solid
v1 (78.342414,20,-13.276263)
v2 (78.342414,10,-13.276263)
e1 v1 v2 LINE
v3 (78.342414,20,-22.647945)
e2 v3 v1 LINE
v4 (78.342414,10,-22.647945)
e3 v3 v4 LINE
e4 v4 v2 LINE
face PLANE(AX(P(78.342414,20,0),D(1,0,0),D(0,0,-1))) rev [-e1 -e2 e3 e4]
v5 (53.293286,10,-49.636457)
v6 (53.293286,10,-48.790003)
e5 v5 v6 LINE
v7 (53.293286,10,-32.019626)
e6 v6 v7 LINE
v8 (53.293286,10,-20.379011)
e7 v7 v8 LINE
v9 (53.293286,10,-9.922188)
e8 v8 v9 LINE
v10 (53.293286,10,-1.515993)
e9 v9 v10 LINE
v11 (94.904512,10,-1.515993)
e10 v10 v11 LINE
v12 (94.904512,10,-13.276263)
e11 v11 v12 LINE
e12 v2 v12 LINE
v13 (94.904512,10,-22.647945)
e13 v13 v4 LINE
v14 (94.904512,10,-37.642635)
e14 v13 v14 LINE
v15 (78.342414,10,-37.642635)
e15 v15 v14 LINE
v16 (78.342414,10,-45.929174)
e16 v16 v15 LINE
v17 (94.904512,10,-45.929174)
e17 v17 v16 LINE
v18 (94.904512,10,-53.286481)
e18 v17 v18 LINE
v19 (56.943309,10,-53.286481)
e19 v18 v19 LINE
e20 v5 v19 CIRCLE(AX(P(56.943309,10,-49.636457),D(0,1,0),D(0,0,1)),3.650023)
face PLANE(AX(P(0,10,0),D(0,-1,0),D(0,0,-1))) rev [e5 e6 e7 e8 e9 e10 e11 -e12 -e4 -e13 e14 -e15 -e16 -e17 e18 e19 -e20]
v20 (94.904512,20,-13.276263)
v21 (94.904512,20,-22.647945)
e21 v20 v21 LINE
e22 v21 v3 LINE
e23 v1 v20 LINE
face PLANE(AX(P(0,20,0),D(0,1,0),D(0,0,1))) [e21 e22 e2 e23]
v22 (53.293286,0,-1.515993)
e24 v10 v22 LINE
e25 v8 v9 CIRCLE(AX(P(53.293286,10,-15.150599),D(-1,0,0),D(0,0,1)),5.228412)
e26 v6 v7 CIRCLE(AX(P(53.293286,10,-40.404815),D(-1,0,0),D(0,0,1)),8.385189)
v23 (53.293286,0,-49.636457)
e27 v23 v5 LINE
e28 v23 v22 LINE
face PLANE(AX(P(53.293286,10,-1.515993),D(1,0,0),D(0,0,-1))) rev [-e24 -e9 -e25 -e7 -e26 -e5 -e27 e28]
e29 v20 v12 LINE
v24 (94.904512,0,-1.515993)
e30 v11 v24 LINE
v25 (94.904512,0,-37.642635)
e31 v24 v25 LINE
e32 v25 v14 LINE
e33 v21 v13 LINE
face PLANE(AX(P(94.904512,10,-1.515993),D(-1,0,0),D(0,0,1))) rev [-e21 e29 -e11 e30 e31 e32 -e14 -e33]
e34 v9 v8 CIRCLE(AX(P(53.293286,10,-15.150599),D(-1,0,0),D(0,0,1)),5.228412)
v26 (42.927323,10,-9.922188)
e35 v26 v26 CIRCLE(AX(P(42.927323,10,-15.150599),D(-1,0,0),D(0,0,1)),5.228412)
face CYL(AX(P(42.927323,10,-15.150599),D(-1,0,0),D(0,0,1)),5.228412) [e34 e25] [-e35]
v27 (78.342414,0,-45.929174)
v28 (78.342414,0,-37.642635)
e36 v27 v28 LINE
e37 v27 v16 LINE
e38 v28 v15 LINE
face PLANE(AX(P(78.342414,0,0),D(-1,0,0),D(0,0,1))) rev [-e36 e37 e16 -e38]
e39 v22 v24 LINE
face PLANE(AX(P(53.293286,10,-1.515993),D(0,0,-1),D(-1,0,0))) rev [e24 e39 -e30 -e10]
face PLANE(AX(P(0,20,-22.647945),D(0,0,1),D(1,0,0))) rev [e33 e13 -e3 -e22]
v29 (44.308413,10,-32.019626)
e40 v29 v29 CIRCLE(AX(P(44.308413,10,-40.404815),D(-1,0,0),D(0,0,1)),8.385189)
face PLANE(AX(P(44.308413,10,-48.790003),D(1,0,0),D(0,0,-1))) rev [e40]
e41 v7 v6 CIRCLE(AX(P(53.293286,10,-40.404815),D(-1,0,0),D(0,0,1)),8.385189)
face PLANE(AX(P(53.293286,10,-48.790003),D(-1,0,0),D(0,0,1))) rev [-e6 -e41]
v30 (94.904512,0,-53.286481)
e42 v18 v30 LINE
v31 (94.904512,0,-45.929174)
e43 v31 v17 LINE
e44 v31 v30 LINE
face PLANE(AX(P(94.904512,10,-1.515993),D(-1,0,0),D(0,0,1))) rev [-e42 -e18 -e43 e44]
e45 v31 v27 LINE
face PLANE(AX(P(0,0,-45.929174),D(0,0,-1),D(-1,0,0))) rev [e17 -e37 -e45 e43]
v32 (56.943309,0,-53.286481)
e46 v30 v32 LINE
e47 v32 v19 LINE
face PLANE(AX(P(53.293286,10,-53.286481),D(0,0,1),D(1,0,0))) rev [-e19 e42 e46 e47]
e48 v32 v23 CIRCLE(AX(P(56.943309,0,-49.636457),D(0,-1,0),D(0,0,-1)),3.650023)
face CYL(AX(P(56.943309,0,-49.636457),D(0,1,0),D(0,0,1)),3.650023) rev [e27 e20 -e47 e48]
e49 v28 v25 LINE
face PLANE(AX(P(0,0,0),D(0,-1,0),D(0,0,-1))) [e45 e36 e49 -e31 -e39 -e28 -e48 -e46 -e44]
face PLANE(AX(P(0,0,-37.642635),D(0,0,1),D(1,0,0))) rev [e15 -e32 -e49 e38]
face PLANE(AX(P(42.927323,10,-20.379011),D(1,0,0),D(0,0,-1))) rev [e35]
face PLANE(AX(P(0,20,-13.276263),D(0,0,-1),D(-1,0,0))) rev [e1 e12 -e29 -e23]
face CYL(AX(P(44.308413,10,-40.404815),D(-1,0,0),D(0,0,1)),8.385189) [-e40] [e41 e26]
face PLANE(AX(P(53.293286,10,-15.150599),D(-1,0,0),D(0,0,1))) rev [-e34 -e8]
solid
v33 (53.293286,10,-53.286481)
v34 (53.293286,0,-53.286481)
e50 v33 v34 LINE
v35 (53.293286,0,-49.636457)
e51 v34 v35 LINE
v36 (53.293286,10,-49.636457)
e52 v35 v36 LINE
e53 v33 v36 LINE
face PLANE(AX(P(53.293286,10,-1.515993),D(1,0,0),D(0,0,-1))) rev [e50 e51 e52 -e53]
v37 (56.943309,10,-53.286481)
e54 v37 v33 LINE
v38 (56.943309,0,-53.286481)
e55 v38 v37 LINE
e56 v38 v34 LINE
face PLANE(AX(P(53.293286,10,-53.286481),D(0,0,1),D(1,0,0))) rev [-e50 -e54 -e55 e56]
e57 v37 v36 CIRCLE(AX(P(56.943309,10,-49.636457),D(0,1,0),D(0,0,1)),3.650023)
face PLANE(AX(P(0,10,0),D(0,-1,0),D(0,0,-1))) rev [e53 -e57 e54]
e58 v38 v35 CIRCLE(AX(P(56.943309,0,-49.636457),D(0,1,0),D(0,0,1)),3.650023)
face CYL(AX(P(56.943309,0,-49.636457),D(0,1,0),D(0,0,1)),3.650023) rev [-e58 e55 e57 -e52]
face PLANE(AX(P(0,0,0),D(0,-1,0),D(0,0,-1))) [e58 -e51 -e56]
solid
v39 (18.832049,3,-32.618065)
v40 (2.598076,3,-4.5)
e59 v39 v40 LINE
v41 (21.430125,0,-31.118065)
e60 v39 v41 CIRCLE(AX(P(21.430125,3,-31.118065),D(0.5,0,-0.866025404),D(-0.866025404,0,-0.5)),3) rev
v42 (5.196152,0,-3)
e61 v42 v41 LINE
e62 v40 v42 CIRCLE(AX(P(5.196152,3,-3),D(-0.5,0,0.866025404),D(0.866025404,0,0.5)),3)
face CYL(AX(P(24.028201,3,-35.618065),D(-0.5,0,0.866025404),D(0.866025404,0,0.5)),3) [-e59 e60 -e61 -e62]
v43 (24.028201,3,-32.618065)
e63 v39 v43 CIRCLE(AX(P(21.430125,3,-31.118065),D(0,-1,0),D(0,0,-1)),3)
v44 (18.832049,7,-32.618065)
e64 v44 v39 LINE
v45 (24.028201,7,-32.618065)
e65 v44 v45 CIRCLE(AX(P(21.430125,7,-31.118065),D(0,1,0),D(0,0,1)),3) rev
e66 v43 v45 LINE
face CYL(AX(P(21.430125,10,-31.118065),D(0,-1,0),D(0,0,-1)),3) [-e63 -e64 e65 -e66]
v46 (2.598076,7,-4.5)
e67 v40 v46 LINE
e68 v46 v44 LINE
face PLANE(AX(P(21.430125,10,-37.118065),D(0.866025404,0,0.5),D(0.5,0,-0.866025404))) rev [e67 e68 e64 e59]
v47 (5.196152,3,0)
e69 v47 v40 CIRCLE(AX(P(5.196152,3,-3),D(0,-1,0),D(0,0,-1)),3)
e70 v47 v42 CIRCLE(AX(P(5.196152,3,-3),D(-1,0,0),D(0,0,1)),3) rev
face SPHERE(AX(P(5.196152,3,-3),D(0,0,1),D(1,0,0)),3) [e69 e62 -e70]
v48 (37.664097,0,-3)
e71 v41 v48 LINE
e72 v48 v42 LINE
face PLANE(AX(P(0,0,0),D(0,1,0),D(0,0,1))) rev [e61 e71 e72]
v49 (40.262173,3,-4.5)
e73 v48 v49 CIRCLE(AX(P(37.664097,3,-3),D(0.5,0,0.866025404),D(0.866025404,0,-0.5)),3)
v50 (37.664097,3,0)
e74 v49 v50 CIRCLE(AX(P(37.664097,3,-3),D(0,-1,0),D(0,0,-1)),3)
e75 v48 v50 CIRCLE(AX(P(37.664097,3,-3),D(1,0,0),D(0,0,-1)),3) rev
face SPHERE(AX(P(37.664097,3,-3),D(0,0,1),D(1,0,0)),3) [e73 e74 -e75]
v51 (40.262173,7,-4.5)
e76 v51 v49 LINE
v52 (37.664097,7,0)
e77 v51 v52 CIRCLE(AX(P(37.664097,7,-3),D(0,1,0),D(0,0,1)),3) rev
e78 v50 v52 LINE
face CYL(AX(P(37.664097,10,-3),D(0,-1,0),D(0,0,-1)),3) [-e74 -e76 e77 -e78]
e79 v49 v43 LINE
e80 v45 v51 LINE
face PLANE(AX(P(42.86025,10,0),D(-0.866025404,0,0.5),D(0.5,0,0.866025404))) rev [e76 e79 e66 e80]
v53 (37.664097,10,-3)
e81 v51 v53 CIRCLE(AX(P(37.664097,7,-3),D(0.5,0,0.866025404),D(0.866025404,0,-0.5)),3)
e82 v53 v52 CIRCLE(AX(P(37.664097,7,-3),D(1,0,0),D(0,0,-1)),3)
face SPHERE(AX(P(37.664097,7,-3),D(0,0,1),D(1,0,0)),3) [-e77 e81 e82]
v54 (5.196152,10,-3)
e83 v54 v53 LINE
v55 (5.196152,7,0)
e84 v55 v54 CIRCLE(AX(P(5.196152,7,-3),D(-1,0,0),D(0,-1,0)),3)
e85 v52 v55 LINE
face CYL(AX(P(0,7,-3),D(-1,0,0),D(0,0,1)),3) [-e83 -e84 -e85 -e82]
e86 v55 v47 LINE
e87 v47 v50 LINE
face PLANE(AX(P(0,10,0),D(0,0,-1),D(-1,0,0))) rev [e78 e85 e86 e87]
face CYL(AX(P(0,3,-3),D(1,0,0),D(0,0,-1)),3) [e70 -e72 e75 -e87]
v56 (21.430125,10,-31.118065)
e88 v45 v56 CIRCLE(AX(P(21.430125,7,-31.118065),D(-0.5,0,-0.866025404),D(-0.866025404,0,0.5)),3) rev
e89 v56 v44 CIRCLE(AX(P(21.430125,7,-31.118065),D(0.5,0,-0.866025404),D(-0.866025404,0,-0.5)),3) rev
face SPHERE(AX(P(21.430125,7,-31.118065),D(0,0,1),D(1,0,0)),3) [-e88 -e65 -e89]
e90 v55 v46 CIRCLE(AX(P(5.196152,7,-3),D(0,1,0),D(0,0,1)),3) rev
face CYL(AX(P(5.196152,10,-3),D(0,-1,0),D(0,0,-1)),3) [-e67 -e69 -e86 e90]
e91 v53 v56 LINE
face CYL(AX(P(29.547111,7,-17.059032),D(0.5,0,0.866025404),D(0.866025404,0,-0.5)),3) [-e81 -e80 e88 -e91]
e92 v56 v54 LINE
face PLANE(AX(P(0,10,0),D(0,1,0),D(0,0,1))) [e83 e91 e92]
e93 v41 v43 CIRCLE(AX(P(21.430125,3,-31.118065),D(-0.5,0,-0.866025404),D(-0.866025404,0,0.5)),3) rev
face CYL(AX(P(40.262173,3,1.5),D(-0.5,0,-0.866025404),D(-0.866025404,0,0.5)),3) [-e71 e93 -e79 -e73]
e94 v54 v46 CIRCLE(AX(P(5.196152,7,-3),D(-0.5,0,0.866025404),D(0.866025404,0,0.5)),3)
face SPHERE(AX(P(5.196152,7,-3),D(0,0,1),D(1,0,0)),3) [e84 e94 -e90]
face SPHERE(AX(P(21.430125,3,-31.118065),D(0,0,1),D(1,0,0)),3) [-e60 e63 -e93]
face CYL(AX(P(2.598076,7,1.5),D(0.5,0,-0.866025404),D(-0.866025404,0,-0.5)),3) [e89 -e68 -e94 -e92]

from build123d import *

# Parameters (mm, degrees)
EXTRUDE_1_DEPTH     = 10
FILLET_1_R          = 3
SKETCH_5_W          = 41.61122563
SKETCH_5_H          = 51.770488075
EXTRUDE_2_DEPTH     = 10
SKETCH_6_W          = 8.984872988
SKETCH_6_H          = 8.385188636
SKETCH_7_W          = 10.365962881
SKETCH_7_H          = 5.228411738
SKETCH_8_W          = 16.562097684
SKETCH_8_H          = 8.286539358
CUT_EXTRUDE_1_DEPTH = 10
SKETCH_8_4_W        = 16.562097684
SKETCH_8_4_H        = 9.371681417
EXTRUDE_3_DEPTH     = 10
SKETCH_10_R         = 3.650023289
CUT_EXTRUDE_3_DEPTH = 10


with BuildPart() as part:
    # 草图1 → 凸台-拉伸1 (new body)
    with BuildSketch(Plane(origin=(0, 0, 0), x_dir=(1, 0, 0), z_dir=(0, 1, 0))):
        Polygon((0, 0), (42.860249516, 0), (21.430124758, 37.118064893), align=None)
    extrude(amount=EXTRUDE_1_DEPTH)

    # 圆角1
    fillet_1_edges = [part.edges().sort_by_distance(p)[0] for p in [
        (21.430124758, 0, 0),
        (32.145187137, 0, -18.559032447),
        (10.715062379, 0, -18.559032447),
        (32.145187137, 10, -18.559032447),
        (21.430124758, 10, 0),
        (10.715062379, 10, -18.559032447),
        (0, 5, 0),
        (42.860249516, 5, 0),
        (21.430124758, 5, -37.118064893),
    ]]
    fillet(fillet_1_edges, radius=FILLET_1_R)


with BuildPart() as body_2:
    # 草图5 → 凸台-拉伸2 (new body)
    with BuildSketch(Plane(origin=(0, 0, 0), x_dir=(1, 0, 0), z_dir=(0, 1, 0))):
        with Locations((74.09889893, 27.401236686)):
            Rectangle(SKETCH_5_W, SKETCH_5_H)
    extrude(amount=EXTRUDE_2_DEPTH)

    # 草图6 → 旋转1 (revolve)
    with BuildSketch(Plane(origin=(0, 10, 0), x_dir=(1, 0, 0), z_dir=(0, 1, 0))):
        with Locations((48.800849621, 44.597408971)):
            Rectangle(SKETCH_6_W, SKETCH_6_H)
    revolve(axis=Axis((44.308413127, 10, -40.404814653), (1, 0, 0)))

    # 草图7 → 旋转2 (revolve)
    with BuildSketch(Plane(origin=(0, 10, 0), x_dir=(1, 0, 0), z_dir=(0, 1, 0))):
        with Locations((48.110304675, 17.764805335)):
            Rectangle(SKETCH_7_W, SKETCH_7_H)
    revolve(axis=Axis((42.927323234, 10, -15.150599466), (1, 0, 0)))

    # 草图8 → 切除-拉伸1 (cut)
    with BuildSketch(Plane(origin=(0, 10, 0), x_dir=(1, 0, 0), z_dir=(0, 1, 0))):
        with Locations((86.623462903, 41.785904546)):
            Rectangle(SKETCH_8_W, SKETCH_8_H)
    extrude(amount=-CUT_EXTRUDE_1_DEPTH, mode=Mode.SUBTRACT)

    # 草图8<4> → 凸台-拉伸3 (add)
    with BuildSketch(Plane(origin=(0, 10, 0), x_dir=(1, 0, 0), z_dir=(0, 1, 0))):
        with Locations((86.623462903, 17.962103891)):
            Rectangle(SKETCH_8_4_W, SKETCH_8_4_H)
    extrude(amount=EXTRUDE_3_DEPTH)

    # 草图10 → 切除-拉伸3 (cut)
    with BuildSketch(Plane(origin=(0, 10, 0), x_dir=(1, 0, 0), z_dir=(0, 1, 0))):
        with Locations((56.943309403, 49.636457434)):
            Circle(SKETCH_10_R)
    extrude(amount=-CUT_EXTRUDE_3_DEPTH, mode=Mode.SUBTRACT)


with BuildPart() as cut_extrude_3_piece_1:
    # of the separate pieces the step leaves, piece 1, a body of its own (cut_extrude_3_pieces)
    add(body_2.part.solids().sort_by_distance((53.293286115, 0, -1.515992648))[0])


with BuildPart() as cut_extrude_3_piece_2:
    # of the separate pieces the step leaves, piece 2, a body of its own (cut_extrude_3_pieces)
    add(body_2.part.solids().sort_by_distance((53.293286115, 0, -53.286480723))[0])


solid = Compound([part.part, cut_extrude_3_piece_1.part, cut_extrude_3_piece_2.part])
